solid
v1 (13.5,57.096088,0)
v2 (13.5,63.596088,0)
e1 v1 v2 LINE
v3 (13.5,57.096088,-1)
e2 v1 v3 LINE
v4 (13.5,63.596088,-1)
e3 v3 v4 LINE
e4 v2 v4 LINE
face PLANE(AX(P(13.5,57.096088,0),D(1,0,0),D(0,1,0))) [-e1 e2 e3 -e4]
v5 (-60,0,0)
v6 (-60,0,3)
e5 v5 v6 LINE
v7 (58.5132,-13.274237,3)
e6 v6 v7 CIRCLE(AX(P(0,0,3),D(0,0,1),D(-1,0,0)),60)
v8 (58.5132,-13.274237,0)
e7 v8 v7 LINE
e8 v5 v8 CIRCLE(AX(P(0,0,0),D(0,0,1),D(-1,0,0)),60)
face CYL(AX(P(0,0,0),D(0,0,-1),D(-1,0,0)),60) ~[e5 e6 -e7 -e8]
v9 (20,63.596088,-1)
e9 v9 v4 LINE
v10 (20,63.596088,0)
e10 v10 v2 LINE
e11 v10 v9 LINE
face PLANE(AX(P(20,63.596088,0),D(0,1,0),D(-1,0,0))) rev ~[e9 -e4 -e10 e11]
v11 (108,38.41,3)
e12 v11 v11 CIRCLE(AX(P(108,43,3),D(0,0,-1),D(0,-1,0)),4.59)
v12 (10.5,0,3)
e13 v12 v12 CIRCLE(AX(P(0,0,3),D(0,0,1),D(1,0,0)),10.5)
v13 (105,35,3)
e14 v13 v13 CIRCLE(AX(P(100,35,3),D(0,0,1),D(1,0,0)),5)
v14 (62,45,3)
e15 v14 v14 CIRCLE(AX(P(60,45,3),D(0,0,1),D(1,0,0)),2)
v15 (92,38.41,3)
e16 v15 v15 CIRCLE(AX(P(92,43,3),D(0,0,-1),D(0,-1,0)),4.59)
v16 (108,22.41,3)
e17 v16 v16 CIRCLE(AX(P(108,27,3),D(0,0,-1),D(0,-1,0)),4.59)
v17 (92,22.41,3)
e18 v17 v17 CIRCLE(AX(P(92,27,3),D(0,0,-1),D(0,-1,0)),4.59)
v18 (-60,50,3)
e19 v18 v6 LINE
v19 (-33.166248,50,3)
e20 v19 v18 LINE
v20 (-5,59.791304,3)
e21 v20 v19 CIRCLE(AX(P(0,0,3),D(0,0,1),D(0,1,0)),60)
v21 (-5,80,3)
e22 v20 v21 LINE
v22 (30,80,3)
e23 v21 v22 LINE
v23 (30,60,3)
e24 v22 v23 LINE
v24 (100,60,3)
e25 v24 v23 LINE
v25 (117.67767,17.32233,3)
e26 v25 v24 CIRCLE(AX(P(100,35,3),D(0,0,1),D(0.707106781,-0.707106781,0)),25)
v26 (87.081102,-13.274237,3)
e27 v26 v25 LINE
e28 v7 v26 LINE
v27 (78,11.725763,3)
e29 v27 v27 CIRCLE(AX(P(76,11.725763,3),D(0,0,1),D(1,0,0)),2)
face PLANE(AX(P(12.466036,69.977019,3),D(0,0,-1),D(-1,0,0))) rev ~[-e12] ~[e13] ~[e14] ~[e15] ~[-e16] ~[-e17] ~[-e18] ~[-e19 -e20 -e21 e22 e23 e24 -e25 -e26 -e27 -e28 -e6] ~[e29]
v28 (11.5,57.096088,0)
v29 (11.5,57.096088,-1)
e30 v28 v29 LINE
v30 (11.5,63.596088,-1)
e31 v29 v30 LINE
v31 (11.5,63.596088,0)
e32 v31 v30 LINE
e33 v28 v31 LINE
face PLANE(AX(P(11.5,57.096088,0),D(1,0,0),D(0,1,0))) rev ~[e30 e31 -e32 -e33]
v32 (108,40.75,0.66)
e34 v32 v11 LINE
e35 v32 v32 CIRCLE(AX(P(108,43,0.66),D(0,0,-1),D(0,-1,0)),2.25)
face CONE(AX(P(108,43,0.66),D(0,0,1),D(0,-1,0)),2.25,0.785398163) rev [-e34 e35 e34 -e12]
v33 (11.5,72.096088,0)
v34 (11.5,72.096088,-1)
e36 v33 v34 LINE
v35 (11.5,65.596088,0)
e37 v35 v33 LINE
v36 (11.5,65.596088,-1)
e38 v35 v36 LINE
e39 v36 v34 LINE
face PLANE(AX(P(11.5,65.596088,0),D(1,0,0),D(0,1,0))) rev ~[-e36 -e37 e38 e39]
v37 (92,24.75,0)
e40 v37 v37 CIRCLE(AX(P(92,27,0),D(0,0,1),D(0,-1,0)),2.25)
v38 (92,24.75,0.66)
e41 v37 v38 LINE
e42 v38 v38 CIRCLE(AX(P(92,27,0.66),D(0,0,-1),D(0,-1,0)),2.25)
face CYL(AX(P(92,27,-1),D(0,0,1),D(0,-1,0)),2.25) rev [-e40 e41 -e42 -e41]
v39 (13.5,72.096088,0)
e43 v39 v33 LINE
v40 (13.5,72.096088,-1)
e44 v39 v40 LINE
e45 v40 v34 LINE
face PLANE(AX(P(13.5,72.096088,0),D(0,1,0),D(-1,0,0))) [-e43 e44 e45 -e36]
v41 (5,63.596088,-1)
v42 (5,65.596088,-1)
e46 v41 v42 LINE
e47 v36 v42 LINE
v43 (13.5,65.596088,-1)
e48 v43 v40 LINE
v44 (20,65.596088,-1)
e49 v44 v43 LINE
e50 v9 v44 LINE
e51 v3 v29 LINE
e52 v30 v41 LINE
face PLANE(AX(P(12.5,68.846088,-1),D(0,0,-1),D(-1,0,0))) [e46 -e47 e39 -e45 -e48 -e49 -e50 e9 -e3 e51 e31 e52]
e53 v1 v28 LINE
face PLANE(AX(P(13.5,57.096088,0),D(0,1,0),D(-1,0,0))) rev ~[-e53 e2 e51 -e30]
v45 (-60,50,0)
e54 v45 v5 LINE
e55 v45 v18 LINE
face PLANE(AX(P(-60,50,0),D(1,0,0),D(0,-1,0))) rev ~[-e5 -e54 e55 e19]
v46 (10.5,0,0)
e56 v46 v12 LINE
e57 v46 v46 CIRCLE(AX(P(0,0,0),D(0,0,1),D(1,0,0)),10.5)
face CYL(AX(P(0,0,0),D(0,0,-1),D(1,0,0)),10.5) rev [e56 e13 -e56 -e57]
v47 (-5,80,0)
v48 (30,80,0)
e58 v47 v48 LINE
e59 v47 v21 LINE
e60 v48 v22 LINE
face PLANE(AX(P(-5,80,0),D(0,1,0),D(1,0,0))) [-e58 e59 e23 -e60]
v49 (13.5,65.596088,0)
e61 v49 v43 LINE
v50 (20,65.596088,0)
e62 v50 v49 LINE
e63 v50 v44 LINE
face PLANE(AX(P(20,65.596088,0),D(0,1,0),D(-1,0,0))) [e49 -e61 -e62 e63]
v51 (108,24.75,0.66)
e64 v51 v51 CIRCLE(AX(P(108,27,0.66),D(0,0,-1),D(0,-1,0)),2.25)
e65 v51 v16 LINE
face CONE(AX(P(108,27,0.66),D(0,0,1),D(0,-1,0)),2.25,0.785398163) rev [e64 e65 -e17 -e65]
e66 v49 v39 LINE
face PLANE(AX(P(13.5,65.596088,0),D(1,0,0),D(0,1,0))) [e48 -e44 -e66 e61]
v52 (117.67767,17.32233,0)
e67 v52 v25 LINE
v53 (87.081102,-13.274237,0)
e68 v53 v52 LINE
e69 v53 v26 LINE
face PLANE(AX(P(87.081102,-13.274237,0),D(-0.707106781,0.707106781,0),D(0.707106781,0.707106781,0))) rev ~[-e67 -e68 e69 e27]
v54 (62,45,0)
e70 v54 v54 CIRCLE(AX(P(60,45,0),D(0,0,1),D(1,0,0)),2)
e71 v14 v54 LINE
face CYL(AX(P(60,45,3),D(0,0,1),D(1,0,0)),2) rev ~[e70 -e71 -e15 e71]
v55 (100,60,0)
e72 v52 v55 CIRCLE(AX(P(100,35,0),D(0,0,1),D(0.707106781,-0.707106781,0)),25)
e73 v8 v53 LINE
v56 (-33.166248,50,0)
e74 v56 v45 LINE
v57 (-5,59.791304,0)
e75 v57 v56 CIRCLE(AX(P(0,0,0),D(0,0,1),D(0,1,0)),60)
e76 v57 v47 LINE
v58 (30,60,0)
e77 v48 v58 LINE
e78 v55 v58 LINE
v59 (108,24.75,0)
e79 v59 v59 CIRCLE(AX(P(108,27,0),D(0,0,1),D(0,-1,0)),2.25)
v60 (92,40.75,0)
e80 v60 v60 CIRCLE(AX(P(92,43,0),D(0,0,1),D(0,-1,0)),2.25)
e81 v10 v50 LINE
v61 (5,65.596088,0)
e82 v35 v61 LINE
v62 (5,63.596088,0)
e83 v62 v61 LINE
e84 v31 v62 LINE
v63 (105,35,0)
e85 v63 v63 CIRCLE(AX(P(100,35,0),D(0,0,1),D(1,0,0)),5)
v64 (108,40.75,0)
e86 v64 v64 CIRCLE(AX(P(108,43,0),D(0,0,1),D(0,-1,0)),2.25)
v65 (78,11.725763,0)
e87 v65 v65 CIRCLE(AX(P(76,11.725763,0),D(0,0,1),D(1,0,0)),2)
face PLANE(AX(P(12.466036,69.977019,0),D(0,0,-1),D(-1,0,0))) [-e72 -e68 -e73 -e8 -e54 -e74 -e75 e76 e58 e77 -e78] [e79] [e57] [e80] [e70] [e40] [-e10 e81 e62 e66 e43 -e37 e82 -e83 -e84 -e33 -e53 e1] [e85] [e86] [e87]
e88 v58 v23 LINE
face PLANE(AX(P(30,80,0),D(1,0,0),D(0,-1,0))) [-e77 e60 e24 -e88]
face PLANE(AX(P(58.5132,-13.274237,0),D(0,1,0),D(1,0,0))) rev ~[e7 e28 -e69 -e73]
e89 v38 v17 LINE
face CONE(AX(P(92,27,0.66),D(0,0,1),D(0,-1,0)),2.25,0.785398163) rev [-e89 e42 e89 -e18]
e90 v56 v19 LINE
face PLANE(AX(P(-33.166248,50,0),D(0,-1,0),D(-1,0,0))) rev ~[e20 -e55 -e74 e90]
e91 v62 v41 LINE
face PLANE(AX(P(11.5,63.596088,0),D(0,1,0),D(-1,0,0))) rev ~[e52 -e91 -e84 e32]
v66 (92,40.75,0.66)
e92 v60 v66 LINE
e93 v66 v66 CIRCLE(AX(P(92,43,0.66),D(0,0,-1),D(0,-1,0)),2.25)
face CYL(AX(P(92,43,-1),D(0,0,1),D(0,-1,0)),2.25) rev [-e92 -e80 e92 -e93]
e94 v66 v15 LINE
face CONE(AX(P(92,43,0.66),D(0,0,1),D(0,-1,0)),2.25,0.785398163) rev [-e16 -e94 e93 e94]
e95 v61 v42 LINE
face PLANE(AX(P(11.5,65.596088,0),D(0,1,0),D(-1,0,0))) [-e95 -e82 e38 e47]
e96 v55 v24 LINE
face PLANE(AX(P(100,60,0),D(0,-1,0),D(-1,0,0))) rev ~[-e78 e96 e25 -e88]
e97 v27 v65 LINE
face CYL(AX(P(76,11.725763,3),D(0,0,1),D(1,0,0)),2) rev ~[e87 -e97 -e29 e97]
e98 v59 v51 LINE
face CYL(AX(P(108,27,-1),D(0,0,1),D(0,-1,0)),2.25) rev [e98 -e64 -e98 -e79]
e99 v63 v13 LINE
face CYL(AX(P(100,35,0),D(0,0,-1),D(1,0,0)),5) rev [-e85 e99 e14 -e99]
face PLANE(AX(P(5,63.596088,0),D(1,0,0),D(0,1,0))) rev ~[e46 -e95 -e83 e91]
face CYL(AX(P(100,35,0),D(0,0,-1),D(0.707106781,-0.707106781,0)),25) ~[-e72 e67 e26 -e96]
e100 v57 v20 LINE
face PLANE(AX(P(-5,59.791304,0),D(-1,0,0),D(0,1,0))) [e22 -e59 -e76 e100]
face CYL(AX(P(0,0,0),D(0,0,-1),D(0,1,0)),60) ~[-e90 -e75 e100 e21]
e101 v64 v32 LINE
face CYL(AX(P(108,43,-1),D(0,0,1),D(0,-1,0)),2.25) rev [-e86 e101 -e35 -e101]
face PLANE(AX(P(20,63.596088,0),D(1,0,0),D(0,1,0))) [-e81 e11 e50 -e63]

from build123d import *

# Parameters (mm, degrees)
SKETCH1_R                                    = 10.5
SKETCH1_R_2                                  = 5
BOSS_EXTRUDE1_DEPTH                          = 3
CUT_EXTRUDE1_REACH                           = 140.687
SKETCH2_R                                    = 2
BOSS_EXTRUDE2_DEPTH                          = 3
SKETCH4_W                                    = 2
SKETCH4_H                                    = 6.5
SKETCH4_W_2                                  = 6.5
SKETCH4_H_2                                  = 2
BOSS_EXTRUDE3_DEPTH                          = 1
SKETCH5_R                                    = 2
CUT_EXTRUDE2_DEPTH                           = 10
CSK_FOR_M4_HEX_SOCKET_COUNTERSUNK_HE_2_COUNT = 2
CSK_FOR_M4_HEX_SOCKET_COUNTERSUNK_HE_2_PITCH = 16
CSK_FOR_M4_HEX_SOCKET_COUNTERSUNK_HE_3_COUNT = 2
CSK_FOR_M4_HEX_SOCKET_COUNTERSUNK_HE_3_PITCH = 16
CSK_FOR_M4_HEX_SOCKET_COUNTERSUNK_HE_4_COUNT = 2
CSK_FOR_M4_HEX_SOCKET_COUNTERSUNK_HE_4_PITCH = 22.627416998


with BuildPart() as part:
    # Sketch1 → Boss-Extrude1 (new body)
    # profile 1 of 2: a face of its own
    with BuildSketch(Plane.XY):
        with BuildLine():
            ThreePointArc((-60, 0), (-52.867640737, 28.372743309), (-33.166247904, 50))
            Line((-33.166247904, 50), (-60, 50))
            Line((-60, 50), (-60, 0))
        make_face()
    # profile 2 of 2: a face of its own
    with BuildSketch(Plane.XY):
        with BuildLine():
            ThreePointArc((0, 60), (-17.320508076, 57.445626465), (-33.166247904, 50))
            ThreePointArc((-33.166247904, 50), (-52.867640737, 28.372743309), (-60, 0))
            ThreePointArc((-60, 0), (-6.678621673, -59.627141576), (58.513200418, -13.274237334))
            Line((58.513200418, -13.274237334), (87.081101726, -13.274237334))
            Line((87.081101726, -13.274237334), (117.67766953, 17.32233047))
            ThreePointArc((117.67766953, 17.32233047), (123.096988313, 44.567085809), (100, 60))
            Line((100, 60), (0, 60))
        make_face()
        Circle(SKETCH1_R, mode=Mode.SUBTRACT)
        with Locations((100, 35)):
            Circle(SKETCH1_R_2, mode=Mode.SUBTRACT)
    extrude(amount=BOSS_EXTRUDE1_DEPTH)

    # Sketch2 → Cut-Extrude1 (cut, up to next)
    with BuildSketch(Plane.XY.offset(3), mode=Mode.PRIVATE) as cut_extrude1_sk1:
        with Locations((60, 45)):
            Circle(SKETCH2_R)
    cut_extrude1_tool1 = extrude(cut_extrude1_sk1.sketch, amount=-CUT_EXTRUDE1_REACH, mode=Mode.PRIVATE) & part.part
    # Sketch2 → Cut-Extrude1 (cut, up to next)
    with BuildSketch(Plane.XY.offset(3), mode=Mode.PRIVATE) as cut_extrude1_sk2:
        with Locations((76, 11.725762666)):
            Circle(SKETCH2_R)
    cut_extrude1_tool2 = extrude(cut_extrude1_sk2.sketch, amount=-CUT_EXTRUDE1_REACH, mode=Mode.PRIVATE) & part.part
    add(cut_extrude1_tool1.solids().sort_by_distance((60, 45, 3))[0], mode=Mode.SUBTRACT)
    add(cut_extrude1_tool2.solids().sort_by_distance((76, 11.725763, 3))[0], mode=Mode.SUBTRACT)

    # Sketch3 → Boss-Extrude2 (add)
    with BuildSketch(Plane(origin=(0, 0, 0), x_dir=(-1, 0, 0), z_dir=(0, 0, -1))):
        with BuildLine():
            Line((-30, 80), (-30, 60))
            Line((-30, 60), (0, 60))
            ThreePointArc((0, 60), (2.502176759, 59.947803225), (5, 59.791303716))
            Line((5, 59.791303716), (5, 80))
            Line((5, 80), (-30, 80))
        make_face()
    extrude(amount=-BOSS_EXTRUDE2_DEPTH)

    # Sketch4 → Boss-Extrude3 (add)
    with BuildSketch(Plane(origin=(0, 0, 0), x_dir=(-1, 0, 0), z_dir=(0, 0, -1))):
        with Locations((-12.5, 68.846087829)):
            Rectangle(SKETCH4_W, SKETCH4_H)
        with Locations((-16.75, 64.596087829)):
            Rectangle(SKETCH4_W_2, SKETCH4_H_2)
        with Locations((-12.5, 64.596087829)):
            Rectangle(SKETCH4_W, SKETCH4_H_2)
        with Locations((-8.25, 64.596087829)):
            Rectangle(SKETCH4_W_2, SKETCH4_H_2)
        with Locations((-12.5, 60.346087829)):
            Rectangle(SKETCH4_W, SKETCH4_H)
    extrude(amount=BOSS_EXTRUDE3_DEPTH)

    # Sketch5 → Cut-Extrude2 (cut)
    with BuildSketch(Plane.XY.offset(3)):
        with Locations((92, 43)):
            Circle(SKETCH5_R)
        with Locations((108, 43)):
            Circle(SKETCH5_R)
        with Locations((108, 27)):
            Circle(SKETCH5_R)
        with Locations((92, 27)):
            Circle(SKETCH5_R)
    extrude(amount=-CUT_EXTRUDE2_DEPTH, mode=Mode.SUBTRACT)

    # Sketch8 → CSK for M4 Hex Socket Countersunk Head Screw1 (revolve, cut)
    with BuildSketch(Plane(origin=(92, 43, 3), x_dir=(0, -1, 0), z_dir=(1, 0, 0))):
        Polygon((0, 0), (0, 4), (2.25, 4), (2.25, 2.34), (4.59, 0), align=None)
    csk_for_m4_hex_socket_countersunk_head_s = revolve(axis=Axis((92, 43, 9.35), (0, 0, -1)), mode=Mode.SUBTRACT)

    # CSK for M4 Hex Socket Countersunk He 2: CSK for M4 Hex Socket Countersunk Head Screw1 ×2
    with Locations(*[(i * CSK_FOR_M4_HEX_SOCKET_COUNTERSUNK_HE_2_PITCH, 0, 0) for i in range(1, CSK_FOR_M4_HEX_SOCKET_COUNTERSUNK_HE_2_COUNT)]):
        add(csk_for_m4_hex_socket_countersunk_head_s, mode=Mode.SUBTRACT)

    # CSK for M4 Hex Socket Countersunk He 3: CSK for M4 Hex Socket Countersunk Head Screw1 ×2
    with Locations(*[(0, -i * CSK_FOR_M4_HEX_SOCKET_COUNTERSUNK_HE_3_PITCH, 0) for i in range(1, CSK_FOR_M4_HEX_SOCKET_COUNTERSUNK_HE_3_COUNT)]):
        add(csk_for_m4_hex_socket_countersunk_head_s, mode=Mode.SUBTRACT)

    # CSK for M4 Hex Socket Countersunk He 4: CSK for M4 Hex Socket Countersunk Head Screw1 ×2
    with Locations(*[Vector(0.7071067811865472, -0.7071067811865478, 0) * (i * CSK_FOR_M4_HEX_SOCKET_COUNTERSUNK_HE_4_PITCH) for i in range(1, CSK_FOR_M4_HEX_SOCKET_COUNTERSUNK_HE_4_COUNT)]):
        add(csk_for_m4_hex_socket_countersunk_head_s, mode=Mode.SUBTRACT)


solid = part.part
